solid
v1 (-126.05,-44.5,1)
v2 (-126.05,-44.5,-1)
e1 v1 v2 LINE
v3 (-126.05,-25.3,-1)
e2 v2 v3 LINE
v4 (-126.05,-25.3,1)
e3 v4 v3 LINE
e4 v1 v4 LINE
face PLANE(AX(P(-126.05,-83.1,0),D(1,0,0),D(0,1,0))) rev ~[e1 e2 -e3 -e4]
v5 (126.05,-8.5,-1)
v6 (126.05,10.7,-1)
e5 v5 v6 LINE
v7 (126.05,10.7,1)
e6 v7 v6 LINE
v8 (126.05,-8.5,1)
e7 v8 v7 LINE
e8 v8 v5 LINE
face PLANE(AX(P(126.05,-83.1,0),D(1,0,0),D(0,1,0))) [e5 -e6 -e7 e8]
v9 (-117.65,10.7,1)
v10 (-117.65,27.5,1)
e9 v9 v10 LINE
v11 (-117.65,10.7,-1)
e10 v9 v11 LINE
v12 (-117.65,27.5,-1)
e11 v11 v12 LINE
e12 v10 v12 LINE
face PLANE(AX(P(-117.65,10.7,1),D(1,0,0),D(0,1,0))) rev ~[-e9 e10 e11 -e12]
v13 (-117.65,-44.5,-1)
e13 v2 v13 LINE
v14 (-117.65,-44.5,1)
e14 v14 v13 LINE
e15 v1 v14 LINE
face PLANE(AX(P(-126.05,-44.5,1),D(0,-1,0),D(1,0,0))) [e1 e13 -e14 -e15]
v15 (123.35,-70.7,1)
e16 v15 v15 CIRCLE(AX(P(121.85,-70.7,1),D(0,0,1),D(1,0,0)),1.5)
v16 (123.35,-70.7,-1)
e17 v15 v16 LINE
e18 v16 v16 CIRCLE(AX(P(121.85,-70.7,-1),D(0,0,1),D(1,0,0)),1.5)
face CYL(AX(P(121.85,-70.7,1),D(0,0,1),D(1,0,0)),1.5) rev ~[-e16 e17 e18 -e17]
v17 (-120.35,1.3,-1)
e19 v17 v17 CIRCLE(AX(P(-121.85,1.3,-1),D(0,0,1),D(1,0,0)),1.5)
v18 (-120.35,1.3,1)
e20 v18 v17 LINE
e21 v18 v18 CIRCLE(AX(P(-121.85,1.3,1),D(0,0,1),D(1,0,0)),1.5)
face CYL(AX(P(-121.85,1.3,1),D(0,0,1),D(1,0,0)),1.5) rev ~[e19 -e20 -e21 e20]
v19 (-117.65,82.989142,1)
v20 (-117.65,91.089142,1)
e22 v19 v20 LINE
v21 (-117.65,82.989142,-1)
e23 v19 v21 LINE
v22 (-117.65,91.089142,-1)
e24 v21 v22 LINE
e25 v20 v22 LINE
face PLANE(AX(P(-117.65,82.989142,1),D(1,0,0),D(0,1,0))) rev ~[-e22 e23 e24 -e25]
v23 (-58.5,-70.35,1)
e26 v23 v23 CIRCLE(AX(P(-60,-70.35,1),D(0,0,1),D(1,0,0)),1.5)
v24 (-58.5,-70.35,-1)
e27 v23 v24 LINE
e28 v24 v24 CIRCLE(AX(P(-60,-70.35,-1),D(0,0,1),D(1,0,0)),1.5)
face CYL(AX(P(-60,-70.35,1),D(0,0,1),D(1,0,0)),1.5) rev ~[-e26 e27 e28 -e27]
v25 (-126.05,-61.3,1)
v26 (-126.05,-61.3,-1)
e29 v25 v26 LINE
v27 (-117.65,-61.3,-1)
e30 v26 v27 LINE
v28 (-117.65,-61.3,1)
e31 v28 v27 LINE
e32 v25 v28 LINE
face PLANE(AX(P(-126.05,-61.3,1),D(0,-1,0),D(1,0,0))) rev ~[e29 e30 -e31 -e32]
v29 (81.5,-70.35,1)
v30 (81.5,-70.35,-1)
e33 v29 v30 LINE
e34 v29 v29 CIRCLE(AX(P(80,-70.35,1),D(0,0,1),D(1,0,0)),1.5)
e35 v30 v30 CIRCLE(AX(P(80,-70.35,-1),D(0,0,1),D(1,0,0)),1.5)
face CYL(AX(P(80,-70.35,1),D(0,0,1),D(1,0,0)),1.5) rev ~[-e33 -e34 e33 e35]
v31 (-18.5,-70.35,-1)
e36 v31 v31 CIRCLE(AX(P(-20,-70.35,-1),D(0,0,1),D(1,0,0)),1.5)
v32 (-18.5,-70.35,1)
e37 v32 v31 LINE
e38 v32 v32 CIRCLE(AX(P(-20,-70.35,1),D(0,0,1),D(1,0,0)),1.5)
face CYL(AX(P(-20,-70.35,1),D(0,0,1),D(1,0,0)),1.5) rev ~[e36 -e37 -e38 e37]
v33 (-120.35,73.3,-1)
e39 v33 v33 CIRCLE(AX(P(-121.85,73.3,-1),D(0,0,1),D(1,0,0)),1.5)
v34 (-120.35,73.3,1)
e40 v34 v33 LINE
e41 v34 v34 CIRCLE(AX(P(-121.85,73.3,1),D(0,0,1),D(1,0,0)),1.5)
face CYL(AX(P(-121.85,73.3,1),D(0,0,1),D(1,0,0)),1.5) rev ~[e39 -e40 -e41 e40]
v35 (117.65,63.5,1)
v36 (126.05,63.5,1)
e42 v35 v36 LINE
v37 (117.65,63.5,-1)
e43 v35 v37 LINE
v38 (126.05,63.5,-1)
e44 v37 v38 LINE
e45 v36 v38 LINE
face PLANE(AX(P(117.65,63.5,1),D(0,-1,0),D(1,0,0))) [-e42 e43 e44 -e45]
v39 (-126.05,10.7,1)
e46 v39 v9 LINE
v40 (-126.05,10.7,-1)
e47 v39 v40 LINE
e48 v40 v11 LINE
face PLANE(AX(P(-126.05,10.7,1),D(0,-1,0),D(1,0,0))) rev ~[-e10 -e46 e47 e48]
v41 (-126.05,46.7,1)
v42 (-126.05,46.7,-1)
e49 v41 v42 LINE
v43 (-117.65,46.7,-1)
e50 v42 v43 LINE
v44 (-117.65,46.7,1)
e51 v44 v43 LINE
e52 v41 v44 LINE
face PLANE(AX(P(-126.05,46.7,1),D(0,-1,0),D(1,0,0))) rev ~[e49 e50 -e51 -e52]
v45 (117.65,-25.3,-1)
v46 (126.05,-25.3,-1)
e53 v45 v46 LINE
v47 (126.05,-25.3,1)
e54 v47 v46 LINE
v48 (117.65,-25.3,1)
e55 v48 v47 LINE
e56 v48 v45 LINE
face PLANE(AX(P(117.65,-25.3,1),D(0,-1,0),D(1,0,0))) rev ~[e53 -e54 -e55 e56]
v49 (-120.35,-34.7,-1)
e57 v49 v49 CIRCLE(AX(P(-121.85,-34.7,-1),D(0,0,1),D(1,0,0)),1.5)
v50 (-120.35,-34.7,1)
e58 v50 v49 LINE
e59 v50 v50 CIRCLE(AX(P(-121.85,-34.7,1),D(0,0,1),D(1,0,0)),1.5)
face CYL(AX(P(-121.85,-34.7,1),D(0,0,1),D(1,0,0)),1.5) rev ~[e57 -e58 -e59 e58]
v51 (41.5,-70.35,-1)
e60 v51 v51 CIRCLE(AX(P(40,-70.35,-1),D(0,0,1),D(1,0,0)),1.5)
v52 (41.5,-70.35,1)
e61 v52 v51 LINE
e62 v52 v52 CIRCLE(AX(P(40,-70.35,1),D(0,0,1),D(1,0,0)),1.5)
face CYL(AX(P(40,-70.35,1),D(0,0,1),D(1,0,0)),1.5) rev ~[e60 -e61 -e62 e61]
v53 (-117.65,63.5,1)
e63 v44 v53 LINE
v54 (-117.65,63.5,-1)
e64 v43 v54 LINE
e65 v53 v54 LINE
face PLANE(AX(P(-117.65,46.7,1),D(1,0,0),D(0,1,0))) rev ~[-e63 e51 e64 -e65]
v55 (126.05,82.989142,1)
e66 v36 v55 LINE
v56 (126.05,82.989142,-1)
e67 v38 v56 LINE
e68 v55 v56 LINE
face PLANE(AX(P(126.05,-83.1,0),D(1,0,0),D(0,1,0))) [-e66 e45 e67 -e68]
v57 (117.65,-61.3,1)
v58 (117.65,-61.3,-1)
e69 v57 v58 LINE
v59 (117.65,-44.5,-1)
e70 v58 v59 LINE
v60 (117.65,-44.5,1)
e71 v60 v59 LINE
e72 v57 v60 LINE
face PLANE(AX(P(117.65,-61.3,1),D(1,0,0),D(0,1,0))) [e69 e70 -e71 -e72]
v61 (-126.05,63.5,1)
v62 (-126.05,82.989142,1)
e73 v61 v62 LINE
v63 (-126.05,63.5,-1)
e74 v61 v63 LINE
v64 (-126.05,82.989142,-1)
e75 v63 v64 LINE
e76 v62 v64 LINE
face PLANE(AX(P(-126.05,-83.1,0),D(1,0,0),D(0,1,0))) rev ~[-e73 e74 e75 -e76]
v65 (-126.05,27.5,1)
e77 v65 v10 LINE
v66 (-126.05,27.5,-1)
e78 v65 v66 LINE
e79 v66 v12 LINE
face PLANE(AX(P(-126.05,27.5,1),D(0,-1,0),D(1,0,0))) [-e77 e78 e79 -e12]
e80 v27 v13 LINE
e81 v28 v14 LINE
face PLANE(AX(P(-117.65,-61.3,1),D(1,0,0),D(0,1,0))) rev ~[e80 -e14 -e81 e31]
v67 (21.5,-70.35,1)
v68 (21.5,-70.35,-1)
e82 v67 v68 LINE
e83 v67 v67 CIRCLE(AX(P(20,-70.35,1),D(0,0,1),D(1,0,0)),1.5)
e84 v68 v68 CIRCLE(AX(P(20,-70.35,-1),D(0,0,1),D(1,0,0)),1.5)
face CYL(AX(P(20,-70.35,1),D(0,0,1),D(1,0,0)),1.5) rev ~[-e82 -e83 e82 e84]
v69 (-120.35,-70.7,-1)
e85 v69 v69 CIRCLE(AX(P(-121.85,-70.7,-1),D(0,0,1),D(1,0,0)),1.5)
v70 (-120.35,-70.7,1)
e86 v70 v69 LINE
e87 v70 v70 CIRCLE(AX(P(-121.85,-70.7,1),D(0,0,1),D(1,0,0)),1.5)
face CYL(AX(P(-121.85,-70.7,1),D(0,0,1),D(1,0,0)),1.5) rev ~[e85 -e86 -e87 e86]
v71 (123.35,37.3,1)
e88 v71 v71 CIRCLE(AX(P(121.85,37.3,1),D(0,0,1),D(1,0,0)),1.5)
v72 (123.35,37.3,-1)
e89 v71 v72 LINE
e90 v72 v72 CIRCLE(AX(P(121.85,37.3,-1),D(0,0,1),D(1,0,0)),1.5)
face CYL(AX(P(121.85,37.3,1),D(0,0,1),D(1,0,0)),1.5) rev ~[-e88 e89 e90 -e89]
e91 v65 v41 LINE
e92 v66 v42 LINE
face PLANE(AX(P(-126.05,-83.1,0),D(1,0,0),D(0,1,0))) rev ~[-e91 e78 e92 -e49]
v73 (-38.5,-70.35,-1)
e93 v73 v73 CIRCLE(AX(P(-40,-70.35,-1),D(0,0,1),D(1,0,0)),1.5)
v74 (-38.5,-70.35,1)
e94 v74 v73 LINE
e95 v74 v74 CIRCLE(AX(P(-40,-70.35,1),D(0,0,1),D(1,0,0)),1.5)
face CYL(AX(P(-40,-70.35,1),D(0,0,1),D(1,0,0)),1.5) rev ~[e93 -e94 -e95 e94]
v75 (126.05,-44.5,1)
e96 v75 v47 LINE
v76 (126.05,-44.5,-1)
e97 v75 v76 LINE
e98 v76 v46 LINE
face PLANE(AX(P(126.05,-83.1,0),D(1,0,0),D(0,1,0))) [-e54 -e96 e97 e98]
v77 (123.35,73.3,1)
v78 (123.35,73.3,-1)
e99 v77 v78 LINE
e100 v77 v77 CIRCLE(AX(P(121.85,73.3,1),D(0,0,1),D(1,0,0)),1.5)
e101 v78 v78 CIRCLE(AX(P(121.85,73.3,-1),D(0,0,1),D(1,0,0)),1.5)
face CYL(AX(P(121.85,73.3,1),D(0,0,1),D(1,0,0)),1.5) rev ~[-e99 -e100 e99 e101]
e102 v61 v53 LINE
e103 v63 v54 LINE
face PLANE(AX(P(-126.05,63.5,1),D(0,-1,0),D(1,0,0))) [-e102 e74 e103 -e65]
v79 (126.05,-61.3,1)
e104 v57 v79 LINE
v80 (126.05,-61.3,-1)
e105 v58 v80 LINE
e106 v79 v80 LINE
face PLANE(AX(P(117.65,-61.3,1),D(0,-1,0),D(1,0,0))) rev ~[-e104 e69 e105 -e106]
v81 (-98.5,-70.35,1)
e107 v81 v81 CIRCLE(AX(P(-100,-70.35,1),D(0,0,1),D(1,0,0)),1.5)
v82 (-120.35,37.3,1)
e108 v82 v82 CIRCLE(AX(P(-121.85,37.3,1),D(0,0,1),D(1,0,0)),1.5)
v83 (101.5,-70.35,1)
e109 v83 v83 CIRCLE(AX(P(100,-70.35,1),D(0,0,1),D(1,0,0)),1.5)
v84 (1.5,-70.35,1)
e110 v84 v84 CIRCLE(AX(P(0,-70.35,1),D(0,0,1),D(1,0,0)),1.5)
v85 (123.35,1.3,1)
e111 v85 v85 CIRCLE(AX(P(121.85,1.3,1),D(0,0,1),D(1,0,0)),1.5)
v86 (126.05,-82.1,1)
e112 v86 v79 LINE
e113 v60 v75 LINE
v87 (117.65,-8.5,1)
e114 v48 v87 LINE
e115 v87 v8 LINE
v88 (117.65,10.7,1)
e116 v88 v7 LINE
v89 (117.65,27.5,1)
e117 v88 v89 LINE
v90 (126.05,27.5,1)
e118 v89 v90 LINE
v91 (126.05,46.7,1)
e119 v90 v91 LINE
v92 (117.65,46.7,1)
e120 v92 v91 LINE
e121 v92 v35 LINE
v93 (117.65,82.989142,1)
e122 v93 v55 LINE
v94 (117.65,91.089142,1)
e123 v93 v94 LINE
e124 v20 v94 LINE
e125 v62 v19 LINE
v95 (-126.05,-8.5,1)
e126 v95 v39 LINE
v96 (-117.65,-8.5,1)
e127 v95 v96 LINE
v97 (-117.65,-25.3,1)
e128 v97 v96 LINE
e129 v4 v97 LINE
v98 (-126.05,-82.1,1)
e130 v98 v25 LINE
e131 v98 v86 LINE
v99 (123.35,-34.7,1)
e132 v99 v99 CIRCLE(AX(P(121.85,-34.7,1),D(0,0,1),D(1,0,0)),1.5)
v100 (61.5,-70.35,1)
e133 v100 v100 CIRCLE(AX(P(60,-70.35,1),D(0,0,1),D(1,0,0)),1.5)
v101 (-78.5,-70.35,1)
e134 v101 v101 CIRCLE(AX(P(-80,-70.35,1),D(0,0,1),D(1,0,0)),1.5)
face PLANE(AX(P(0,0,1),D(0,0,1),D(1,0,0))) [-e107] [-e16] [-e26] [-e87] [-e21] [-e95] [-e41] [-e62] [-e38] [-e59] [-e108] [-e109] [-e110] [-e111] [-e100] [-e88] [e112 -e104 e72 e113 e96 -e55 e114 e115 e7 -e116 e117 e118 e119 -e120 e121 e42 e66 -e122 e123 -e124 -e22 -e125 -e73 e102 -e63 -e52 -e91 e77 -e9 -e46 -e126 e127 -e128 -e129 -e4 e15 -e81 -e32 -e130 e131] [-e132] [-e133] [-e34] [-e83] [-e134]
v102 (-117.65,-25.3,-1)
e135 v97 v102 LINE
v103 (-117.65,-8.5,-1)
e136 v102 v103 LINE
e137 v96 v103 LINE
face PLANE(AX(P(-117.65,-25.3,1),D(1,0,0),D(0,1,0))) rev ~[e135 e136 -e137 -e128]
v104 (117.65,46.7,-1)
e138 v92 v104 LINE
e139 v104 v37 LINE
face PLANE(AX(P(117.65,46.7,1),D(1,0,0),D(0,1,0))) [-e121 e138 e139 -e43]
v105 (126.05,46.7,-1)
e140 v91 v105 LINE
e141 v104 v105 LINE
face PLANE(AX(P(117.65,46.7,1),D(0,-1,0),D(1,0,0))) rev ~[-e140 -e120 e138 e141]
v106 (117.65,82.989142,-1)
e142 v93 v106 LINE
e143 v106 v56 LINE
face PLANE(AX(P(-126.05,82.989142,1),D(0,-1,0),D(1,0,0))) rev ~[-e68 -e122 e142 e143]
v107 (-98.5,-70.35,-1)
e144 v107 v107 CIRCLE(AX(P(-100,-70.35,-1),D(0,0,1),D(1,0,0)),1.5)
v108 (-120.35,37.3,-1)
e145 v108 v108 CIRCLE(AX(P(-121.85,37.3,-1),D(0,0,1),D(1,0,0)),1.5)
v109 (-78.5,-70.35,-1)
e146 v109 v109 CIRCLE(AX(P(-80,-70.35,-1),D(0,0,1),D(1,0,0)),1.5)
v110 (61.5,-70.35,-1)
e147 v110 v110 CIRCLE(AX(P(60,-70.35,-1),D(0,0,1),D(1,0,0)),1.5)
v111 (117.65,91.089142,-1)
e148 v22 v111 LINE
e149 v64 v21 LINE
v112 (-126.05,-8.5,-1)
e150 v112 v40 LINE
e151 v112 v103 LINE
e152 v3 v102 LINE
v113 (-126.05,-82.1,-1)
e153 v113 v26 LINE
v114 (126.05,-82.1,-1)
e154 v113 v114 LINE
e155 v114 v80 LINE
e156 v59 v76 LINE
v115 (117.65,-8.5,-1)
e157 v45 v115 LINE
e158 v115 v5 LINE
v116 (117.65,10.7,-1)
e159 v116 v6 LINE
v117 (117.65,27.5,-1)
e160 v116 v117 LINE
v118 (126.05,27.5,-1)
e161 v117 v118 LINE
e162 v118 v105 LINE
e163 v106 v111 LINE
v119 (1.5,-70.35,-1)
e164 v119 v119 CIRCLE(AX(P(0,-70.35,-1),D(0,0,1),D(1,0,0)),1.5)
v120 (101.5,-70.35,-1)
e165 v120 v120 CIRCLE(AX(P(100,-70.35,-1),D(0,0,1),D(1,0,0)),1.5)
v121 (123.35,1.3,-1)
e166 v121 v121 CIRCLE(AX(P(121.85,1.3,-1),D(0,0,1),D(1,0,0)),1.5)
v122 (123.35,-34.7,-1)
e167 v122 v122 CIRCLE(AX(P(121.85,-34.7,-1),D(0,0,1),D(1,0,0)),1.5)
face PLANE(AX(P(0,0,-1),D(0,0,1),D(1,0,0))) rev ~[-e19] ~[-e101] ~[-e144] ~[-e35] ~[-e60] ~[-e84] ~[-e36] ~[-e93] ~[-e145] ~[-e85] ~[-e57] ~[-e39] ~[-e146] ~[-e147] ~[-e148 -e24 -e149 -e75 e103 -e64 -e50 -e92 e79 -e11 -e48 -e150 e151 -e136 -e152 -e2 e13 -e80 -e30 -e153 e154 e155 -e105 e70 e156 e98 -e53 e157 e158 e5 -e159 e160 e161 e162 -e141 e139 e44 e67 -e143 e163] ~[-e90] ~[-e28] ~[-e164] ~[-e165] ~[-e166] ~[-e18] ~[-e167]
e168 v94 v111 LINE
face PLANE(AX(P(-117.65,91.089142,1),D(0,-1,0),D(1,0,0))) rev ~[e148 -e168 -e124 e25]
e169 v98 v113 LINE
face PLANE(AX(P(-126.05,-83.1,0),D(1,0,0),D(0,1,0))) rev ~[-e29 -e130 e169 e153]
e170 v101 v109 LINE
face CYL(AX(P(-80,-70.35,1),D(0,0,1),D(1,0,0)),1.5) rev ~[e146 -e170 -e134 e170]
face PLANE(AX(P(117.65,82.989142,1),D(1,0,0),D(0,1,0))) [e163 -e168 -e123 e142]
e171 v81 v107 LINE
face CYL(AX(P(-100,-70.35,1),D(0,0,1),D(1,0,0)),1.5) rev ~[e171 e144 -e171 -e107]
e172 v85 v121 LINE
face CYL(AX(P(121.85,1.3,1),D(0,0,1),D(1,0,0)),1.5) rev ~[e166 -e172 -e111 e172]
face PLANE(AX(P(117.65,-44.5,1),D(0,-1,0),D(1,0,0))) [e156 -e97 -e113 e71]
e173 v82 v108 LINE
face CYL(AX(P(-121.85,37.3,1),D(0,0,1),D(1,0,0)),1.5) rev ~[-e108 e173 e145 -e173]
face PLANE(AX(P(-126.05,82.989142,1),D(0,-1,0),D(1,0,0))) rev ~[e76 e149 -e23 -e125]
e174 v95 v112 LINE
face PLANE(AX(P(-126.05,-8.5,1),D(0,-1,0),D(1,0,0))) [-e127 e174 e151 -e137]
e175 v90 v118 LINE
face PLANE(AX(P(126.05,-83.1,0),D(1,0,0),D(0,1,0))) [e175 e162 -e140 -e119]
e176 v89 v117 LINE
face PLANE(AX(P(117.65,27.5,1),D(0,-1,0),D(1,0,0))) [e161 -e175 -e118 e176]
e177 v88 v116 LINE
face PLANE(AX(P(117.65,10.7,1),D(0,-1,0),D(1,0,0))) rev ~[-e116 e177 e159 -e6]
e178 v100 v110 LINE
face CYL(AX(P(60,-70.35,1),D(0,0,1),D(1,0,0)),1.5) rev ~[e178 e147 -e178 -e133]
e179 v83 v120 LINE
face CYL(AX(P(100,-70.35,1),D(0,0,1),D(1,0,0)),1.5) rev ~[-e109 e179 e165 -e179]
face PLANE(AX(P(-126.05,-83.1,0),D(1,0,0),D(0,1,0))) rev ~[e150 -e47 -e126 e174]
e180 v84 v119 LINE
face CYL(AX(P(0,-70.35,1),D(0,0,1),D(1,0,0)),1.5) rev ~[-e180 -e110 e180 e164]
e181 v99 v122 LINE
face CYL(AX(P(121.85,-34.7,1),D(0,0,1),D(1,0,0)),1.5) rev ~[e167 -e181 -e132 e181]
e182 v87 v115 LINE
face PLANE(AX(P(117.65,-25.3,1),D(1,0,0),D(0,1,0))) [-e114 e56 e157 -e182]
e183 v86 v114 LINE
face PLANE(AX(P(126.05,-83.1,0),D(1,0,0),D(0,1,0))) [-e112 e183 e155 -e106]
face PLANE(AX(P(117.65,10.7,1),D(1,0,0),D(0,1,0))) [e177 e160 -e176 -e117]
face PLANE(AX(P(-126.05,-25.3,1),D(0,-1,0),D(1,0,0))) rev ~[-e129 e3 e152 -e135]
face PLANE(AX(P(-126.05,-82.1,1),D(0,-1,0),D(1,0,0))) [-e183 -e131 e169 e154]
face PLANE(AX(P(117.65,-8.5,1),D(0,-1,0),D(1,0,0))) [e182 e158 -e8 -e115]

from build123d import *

# Parameters (mm, degrees)
SKETCH_1_W          = 252.1
SKETCH_1_H          = 166.2
EXTRUDE_1_DEPTH     = 1
SKETCH_2_R          = 1.5
SKETCH_2_W          = 8.4
SKETCH_2_H          = 16.8
SKETCH_2_W_2        = 252.1
SKETCH_2_H_2        = 0.2
SKETCH_2_H_3        = 1
CUT_EXTRUDE1_DEPTH  = 10
SKETCH1_R           = 1.5
CUT_EXTRUDE2_DEPTH  = 10
SKETCH2_W           = 235.3
SKETCH2_H           = 8.1
BOSS_EXTRUDE1_DEPTH = 2


with BuildPart() as part:
    # 草图1 → 凸台-拉伸1 (new, symmetric)
    with BuildSketch(Plane.XY):
        Rectangle(SKETCH_1_W, SKETCH_1_H)
    extrude(amount=EXTRUDE_1_DEPTH, both=True)

    # 草图2 → Cut-Extrude1 (cut)
    with BuildSketch(Plane.XY.offset(1)):
        with Locations((-121.85, 73.3)):
            Circle(SKETCH_2_R)
        with Locations((-121.85, 37.3)):
            Circle(SKETCH_2_R)
        with Locations((-121.85, 1.3)):
            Circle(SKETCH_2_R)
        with Locations((-121.85, -34.7)):
            Circle(SKETCH_2_R)
        with Locations((-121.85, -70.7)):
            Circle(SKETCH_2_R)
        with Locations((121.85, -70.7)):
            Circle(SKETCH_2_R)
        with Locations((121.85, -34.7)):
            Circle(SKETCH_2_R)
        with Locations((121.85, 1.3)):
            Circle(SKETCH_2_R)
        with Locations((121.85, 37.3)):
            Circle(SKETCH_2_R)
        with Locations((121.85, 73.3)):
            Circle(SKETCH_2_R)
        with Locations((-121.85, 55.1)):
            Rectangle(SKETCH_2_W, SKETCH_2_H)
        with Locations((-121.85, 19.1)):
            Rectangle(SKETCH_2_W, SKETCH_2_H)
        with Locations((-121.85, -16.9)):
            Rectangle(SKETCH_2_W, SKETCH_2_H)
        with Locations((-121.85, -52.9)):
            Rectangle(SKETCH_2_W, SKETCH_2_H)
        with Locations((121.85, -52.9)):
            Rectangle(SKETCH_2_W, SKETCH_2_H)
        with Locations((121.85, -16.9)):
            Rectangle(SKETCH_2_W, SKETCH_2_H)
        with Locations((121.85, 19.1)):
            Rectangle(SKETCH_2_W, SKETCH_2_H)
        with Locations((121.85, 55.1)):
            Rectangle(SKETCH_2_W, SKETCH_2_H)
        with Locations((0, 83.089141708)):
            Rectangle(SKETCH_2_W_2, SKETCH_2_H_2)
        with Locations((0, -82.6)):
            Rectangle(SKETCH_2_W_2, SKETCH_2_H_3)
    extrude(amount=-CUT_EXTRUDE1_DEPTH, mode=Mode.SUBTRACT)

    # Sketch1 → Cut-Extrude2 (cut)
    with BuildSketch(Plane.XY.offset(1)):
        with Locations((100, -70.35)):
            Circle(SKETCH1_R)
        with Locations((80, -70.35)):
            Circle(SKETCH1_R)
        with Locations((60, -70.35)):
            Circle(SKETCH1_R)
        with Locations((40, -70.35)):
            Circle(SKETCH1_R)
        with Locations((20, -70.35)):
            Circle(SKETCH1_R)
        with Locations((0, -70.35)):
            Circle(SKETCH1_R)
        with Locations((-20, -70.35)):
            Circle(SKETCH1_R)
        with Locations((-40, -70.35)):
            Circle(SKETCH1_R)
        with Locations((-60, -70.35)):
            Circle(SKETCH1_R)
        with Locations((-80, -70.35)):
            Circle(SKETCH1_R)
        with Locations((-100, -70.35)):
            Circle(SKETCH1_R)
    extrude(amount=-CUT_EXTRUDE2_DEPTH, mode=Mode.SUBTRACT)

    # Sketch2 → Boss-Extrude1 (add)
    with BuildSketch(Plane.XY.offset(1)):
        with Locations((0, 87.039141708)):
            Rectangle(SKETCH2_W, SKETCH2_H)
    extrude(amount=-BOSS_EXTRUDE1_DEPTH)


solid = part.part
